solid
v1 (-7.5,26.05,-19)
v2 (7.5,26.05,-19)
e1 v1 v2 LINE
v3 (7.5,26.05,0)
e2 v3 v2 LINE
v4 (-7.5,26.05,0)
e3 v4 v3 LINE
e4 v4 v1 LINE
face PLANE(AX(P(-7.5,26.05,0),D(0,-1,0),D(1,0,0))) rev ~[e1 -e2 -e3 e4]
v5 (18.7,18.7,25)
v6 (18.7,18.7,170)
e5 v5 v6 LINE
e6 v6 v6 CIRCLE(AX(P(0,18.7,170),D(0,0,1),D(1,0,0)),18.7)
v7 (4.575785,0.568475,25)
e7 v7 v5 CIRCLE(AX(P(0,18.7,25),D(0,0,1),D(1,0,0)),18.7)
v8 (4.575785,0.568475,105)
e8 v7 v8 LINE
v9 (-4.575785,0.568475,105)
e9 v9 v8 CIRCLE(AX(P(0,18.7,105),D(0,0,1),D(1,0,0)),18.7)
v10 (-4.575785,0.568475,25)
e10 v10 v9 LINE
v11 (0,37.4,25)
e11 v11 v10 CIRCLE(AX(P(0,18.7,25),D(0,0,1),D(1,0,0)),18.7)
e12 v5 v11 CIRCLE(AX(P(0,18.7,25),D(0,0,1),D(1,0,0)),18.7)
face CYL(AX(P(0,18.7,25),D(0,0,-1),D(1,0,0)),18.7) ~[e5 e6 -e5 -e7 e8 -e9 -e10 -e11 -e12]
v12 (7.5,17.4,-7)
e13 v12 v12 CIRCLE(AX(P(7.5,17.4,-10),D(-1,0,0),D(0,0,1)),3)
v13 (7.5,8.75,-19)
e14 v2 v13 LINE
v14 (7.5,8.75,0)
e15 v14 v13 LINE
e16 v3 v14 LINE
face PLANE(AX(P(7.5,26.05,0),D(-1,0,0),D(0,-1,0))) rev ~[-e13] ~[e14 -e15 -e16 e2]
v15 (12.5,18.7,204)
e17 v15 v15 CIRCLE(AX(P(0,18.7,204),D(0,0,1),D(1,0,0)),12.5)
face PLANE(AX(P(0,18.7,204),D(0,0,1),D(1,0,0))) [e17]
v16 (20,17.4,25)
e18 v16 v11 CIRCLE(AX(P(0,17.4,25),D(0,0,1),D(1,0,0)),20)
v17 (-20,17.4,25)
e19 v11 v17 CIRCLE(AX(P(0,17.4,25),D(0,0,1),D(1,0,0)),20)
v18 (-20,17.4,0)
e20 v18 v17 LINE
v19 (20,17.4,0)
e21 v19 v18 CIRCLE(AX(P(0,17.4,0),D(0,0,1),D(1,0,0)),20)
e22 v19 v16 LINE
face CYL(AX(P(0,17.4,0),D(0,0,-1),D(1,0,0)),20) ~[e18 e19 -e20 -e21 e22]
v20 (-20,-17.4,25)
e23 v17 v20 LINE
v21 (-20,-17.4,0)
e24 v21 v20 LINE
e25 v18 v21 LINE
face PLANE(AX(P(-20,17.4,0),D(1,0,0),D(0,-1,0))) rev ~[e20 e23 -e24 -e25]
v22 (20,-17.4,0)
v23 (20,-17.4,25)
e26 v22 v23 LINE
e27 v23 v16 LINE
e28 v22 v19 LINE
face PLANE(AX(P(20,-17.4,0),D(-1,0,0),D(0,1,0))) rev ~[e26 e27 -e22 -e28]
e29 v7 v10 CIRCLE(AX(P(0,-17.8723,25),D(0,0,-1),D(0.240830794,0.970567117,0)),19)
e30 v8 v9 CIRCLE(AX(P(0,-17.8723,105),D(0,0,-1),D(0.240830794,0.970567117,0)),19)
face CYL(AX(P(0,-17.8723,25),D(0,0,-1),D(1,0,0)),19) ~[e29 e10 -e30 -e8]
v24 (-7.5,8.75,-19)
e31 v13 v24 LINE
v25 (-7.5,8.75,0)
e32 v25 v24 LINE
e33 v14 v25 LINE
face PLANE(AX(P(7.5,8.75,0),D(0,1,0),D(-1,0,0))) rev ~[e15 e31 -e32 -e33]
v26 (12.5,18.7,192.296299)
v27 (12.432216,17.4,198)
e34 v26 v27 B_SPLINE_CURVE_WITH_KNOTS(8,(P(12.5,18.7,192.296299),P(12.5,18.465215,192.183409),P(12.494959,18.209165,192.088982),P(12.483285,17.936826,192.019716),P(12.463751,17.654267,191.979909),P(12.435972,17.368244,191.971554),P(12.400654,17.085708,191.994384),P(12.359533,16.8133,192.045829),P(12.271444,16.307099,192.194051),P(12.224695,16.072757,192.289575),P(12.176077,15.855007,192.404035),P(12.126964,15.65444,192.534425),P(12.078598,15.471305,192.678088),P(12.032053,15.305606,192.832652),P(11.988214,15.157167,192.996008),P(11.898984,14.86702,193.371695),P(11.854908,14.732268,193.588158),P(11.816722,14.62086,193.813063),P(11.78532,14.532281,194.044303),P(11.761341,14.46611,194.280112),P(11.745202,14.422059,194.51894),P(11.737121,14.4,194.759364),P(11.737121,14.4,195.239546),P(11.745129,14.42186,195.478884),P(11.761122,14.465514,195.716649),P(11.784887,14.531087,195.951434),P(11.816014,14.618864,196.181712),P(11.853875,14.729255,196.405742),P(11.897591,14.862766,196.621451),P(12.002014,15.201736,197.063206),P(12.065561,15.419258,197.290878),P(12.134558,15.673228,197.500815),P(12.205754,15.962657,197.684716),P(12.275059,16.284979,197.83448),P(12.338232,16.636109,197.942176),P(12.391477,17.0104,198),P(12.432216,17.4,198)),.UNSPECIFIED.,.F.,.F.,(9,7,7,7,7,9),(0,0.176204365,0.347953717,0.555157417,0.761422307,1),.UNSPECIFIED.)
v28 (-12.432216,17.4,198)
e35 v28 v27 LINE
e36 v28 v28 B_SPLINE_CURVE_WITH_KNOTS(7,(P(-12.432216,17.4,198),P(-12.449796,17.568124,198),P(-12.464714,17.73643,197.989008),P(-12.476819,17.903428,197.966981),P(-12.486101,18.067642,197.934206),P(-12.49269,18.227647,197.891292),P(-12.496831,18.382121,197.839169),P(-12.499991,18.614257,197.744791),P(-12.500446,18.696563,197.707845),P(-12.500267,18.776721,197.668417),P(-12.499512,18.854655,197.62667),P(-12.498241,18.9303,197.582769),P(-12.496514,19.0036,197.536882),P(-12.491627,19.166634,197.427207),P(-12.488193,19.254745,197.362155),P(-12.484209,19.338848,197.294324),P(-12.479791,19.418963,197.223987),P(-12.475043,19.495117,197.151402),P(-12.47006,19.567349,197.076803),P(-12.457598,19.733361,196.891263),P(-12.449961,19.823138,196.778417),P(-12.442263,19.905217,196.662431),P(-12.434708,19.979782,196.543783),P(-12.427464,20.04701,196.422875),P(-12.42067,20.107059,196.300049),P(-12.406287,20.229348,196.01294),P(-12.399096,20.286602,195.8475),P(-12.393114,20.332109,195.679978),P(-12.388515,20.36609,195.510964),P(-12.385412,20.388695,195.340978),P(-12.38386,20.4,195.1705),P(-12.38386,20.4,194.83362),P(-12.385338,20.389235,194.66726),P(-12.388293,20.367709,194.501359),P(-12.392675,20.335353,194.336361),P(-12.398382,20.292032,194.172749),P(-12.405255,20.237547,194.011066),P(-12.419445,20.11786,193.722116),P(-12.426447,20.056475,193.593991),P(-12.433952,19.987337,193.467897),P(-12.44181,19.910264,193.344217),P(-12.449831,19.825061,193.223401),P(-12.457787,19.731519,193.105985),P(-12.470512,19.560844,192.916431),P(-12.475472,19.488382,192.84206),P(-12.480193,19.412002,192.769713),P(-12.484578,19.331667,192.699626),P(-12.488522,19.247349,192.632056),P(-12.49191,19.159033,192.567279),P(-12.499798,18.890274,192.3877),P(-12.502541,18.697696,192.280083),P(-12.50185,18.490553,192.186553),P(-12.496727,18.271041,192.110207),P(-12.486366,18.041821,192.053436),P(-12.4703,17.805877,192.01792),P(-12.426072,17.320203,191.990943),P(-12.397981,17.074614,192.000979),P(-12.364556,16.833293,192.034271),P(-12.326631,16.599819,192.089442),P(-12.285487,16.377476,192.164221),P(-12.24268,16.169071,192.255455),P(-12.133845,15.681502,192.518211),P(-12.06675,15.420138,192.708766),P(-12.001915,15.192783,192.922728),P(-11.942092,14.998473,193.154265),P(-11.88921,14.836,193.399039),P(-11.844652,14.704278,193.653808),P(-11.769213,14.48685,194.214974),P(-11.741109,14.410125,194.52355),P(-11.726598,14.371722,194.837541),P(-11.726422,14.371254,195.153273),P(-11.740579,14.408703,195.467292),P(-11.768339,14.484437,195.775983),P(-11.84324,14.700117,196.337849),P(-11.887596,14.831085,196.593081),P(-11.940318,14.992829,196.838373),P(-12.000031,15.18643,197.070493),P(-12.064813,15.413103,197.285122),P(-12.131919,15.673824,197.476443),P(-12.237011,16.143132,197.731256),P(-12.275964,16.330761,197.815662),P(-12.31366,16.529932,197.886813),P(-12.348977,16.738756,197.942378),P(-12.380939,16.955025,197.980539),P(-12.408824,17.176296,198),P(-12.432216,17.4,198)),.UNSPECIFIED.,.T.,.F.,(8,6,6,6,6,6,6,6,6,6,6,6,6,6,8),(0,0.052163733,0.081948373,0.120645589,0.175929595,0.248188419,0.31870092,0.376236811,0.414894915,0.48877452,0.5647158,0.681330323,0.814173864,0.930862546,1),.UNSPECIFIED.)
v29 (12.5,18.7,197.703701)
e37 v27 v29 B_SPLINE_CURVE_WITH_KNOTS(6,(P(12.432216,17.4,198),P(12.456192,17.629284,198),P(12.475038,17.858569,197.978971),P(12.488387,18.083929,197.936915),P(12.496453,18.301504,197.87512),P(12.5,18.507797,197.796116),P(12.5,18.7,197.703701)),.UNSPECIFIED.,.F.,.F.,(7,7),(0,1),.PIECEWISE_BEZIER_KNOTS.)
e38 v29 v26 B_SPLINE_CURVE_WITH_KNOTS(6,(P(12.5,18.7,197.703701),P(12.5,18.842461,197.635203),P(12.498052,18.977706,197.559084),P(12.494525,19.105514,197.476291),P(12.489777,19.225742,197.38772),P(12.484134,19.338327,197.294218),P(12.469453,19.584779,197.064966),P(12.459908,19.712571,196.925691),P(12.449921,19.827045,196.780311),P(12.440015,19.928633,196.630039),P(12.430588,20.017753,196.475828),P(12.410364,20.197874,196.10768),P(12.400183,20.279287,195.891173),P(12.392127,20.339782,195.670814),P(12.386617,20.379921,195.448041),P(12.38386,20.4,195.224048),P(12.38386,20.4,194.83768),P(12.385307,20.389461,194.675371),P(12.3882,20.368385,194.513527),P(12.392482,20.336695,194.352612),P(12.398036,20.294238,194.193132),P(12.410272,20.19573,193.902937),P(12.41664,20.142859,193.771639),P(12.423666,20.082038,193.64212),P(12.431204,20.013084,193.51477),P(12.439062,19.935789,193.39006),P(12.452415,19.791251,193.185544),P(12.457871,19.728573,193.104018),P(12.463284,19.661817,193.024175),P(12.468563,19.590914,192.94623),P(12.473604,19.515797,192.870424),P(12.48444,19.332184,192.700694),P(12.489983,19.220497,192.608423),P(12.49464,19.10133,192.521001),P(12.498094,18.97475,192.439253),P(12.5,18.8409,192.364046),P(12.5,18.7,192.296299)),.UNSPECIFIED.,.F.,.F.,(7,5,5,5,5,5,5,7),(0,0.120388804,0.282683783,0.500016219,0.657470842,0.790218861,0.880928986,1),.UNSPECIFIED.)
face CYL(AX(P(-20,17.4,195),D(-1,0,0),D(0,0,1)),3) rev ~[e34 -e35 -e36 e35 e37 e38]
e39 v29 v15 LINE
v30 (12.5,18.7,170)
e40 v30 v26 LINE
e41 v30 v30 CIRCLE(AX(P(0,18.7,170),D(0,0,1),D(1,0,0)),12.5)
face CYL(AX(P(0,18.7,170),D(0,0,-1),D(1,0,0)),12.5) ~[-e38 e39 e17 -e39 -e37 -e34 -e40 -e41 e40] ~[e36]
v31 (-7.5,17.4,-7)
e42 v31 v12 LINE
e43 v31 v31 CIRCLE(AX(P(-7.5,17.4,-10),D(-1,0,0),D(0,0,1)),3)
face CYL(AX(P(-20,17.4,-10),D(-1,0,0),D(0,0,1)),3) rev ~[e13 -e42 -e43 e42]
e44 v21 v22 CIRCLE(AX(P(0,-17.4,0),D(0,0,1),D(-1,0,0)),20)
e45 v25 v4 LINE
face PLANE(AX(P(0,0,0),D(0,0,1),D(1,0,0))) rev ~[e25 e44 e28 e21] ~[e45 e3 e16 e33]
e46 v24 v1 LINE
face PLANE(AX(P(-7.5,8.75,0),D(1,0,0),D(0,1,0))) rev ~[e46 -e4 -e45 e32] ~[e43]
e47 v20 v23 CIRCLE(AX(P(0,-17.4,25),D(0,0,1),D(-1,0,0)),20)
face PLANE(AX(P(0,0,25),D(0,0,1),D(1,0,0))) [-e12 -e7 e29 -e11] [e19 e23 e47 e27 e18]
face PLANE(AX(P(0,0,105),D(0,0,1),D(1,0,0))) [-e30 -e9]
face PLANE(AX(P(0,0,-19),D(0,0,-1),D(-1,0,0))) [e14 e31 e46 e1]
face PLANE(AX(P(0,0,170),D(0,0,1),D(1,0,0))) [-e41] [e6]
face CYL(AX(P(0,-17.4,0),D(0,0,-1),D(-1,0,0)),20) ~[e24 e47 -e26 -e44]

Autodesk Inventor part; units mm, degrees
ref_plane "YZ Plane" through (0, 0, 0) normal (1, 0, 0) x (0, 1, 0)
ref_plane "XZ Plane" through (0, 0, 0) normal (0, 1, 0) x (-1, 0, 0)
ref_plane "XY Plane" through (0, 0, 0) normal (0, 0, 1) x (1, 0, 0)
sketch "스케치1" plane through (0, 0, 0) normal (0, 0, 1) x (1, 0, 0)
  line L0 (0, 17.4) -> (0, -17.4) construction
  line L1 (-20, 17.4) -> (-20, -17.4)
  line L2 (20, -17.4) -> (20, 17.4)
  arc A0 (20, 17.4) -> (-20, 17.4) centre (0, 17.4) ccw
  arc A1 (-20, -17.4) -> (20, -17.4) centre (0, -17.4) ccw
  point P0 (0, 0)
  point P1 (0, 0)
  dimension "d0" = 34.8
  dimension "d1" = 40
extrude "돌출1" add sketch "스케치1" along normal blind 25
sketch "스케치2" plane through (0, 0, 25) normal (0, 0, 1) x (1, 0, 0)
  circle A0 centre (0, 18.7) radius 18.7
  point P0 (0, 0)
  dimension "d4" = 37.4
extrude "돌출2" add sketch "스케치2" along normal blind 145
sketch "스케치3" plane through (0, 18.7, 170) normal (0, 0, 1) x (1, 0, 0)
  circle A0 centre (0, 0) radius 12.5
  point P0 (0, -18.7)
  dimension "d7" = 25
extrude "돌출3" add sketch "스케치3" along normal blind 34
sketch "스케치5" plane through (0, 0, 0) normal (0, 0, -1) x (-1, 0, 0)
  line L0 (-7.5, 8.75) -> (7.5, 8.75)
  line L1 (7.5, 8.75) -> (7.5, 26.05)
  line L2 (7.5, 26.05) -> (-7.5, 26.05)
  line L3 (-7.5, 26.05) -> (-7.5, 8.75)
  arc A0 (20, 17.4) -> (-20, 17.4) centre (0, 17.4) ccw projected
  point P0 (0, 0)
  dimension "d10" = 15
  dimension "d11" = 17.3
  dimension "d12" = 8.65
  dimension "d13" = 7.5
extrude "돌출4" add sketch "스케치5" along normal blind 19
sketch "스케치6" plane through (-20, -17.4, 0) normal (-1, 0, 0) x (0, 0, 1)
  circle A0 centre (-10, 34.8) radius 3
  line L0 (-19, 26.15) -> (-19, 43.45) projected
  line L1 (0, 43.45) -> (-19, 43.45) projected
  circle A1 centre (195, 34.8) radius 3
  line L2 (0, 0) -> (25, 0) projected
  point P0 (0, 17.4)
  dimension "d16" = 6
  dimension "d17" = 9
  dimension "d18" = 8.65
  dimension "d19" = 205
  dimension "d20" = 34.8
  dimension "d21" = 6
extrude "돌출5" cut sketch "스케치6" against normal through all
sketch "스케치7" plane through (0, 0, 25) normal (0, 0, 1) x (1, 0, 0)
  circle A0 centre (0, -17.8723) radius 19
  circle A1 centre (0, 18.7) radius 18.7 projected
  point P0 (0, 0)
  point P1 (-37.4551, 11.4874)
  point P2 (4.5758, 0.5685)
  point P3 (-4.5758, 0.5685)
  dimension "d25" = 38
  dimension "d26" = 0
extrude "돌출6" add sketch "스케치7" along normal blind 80 contours A0 A1 picked at (-1.0542, -24.4512)
properties part number "높이조절 액추에이터_최소" material "알루미늄 6061"
